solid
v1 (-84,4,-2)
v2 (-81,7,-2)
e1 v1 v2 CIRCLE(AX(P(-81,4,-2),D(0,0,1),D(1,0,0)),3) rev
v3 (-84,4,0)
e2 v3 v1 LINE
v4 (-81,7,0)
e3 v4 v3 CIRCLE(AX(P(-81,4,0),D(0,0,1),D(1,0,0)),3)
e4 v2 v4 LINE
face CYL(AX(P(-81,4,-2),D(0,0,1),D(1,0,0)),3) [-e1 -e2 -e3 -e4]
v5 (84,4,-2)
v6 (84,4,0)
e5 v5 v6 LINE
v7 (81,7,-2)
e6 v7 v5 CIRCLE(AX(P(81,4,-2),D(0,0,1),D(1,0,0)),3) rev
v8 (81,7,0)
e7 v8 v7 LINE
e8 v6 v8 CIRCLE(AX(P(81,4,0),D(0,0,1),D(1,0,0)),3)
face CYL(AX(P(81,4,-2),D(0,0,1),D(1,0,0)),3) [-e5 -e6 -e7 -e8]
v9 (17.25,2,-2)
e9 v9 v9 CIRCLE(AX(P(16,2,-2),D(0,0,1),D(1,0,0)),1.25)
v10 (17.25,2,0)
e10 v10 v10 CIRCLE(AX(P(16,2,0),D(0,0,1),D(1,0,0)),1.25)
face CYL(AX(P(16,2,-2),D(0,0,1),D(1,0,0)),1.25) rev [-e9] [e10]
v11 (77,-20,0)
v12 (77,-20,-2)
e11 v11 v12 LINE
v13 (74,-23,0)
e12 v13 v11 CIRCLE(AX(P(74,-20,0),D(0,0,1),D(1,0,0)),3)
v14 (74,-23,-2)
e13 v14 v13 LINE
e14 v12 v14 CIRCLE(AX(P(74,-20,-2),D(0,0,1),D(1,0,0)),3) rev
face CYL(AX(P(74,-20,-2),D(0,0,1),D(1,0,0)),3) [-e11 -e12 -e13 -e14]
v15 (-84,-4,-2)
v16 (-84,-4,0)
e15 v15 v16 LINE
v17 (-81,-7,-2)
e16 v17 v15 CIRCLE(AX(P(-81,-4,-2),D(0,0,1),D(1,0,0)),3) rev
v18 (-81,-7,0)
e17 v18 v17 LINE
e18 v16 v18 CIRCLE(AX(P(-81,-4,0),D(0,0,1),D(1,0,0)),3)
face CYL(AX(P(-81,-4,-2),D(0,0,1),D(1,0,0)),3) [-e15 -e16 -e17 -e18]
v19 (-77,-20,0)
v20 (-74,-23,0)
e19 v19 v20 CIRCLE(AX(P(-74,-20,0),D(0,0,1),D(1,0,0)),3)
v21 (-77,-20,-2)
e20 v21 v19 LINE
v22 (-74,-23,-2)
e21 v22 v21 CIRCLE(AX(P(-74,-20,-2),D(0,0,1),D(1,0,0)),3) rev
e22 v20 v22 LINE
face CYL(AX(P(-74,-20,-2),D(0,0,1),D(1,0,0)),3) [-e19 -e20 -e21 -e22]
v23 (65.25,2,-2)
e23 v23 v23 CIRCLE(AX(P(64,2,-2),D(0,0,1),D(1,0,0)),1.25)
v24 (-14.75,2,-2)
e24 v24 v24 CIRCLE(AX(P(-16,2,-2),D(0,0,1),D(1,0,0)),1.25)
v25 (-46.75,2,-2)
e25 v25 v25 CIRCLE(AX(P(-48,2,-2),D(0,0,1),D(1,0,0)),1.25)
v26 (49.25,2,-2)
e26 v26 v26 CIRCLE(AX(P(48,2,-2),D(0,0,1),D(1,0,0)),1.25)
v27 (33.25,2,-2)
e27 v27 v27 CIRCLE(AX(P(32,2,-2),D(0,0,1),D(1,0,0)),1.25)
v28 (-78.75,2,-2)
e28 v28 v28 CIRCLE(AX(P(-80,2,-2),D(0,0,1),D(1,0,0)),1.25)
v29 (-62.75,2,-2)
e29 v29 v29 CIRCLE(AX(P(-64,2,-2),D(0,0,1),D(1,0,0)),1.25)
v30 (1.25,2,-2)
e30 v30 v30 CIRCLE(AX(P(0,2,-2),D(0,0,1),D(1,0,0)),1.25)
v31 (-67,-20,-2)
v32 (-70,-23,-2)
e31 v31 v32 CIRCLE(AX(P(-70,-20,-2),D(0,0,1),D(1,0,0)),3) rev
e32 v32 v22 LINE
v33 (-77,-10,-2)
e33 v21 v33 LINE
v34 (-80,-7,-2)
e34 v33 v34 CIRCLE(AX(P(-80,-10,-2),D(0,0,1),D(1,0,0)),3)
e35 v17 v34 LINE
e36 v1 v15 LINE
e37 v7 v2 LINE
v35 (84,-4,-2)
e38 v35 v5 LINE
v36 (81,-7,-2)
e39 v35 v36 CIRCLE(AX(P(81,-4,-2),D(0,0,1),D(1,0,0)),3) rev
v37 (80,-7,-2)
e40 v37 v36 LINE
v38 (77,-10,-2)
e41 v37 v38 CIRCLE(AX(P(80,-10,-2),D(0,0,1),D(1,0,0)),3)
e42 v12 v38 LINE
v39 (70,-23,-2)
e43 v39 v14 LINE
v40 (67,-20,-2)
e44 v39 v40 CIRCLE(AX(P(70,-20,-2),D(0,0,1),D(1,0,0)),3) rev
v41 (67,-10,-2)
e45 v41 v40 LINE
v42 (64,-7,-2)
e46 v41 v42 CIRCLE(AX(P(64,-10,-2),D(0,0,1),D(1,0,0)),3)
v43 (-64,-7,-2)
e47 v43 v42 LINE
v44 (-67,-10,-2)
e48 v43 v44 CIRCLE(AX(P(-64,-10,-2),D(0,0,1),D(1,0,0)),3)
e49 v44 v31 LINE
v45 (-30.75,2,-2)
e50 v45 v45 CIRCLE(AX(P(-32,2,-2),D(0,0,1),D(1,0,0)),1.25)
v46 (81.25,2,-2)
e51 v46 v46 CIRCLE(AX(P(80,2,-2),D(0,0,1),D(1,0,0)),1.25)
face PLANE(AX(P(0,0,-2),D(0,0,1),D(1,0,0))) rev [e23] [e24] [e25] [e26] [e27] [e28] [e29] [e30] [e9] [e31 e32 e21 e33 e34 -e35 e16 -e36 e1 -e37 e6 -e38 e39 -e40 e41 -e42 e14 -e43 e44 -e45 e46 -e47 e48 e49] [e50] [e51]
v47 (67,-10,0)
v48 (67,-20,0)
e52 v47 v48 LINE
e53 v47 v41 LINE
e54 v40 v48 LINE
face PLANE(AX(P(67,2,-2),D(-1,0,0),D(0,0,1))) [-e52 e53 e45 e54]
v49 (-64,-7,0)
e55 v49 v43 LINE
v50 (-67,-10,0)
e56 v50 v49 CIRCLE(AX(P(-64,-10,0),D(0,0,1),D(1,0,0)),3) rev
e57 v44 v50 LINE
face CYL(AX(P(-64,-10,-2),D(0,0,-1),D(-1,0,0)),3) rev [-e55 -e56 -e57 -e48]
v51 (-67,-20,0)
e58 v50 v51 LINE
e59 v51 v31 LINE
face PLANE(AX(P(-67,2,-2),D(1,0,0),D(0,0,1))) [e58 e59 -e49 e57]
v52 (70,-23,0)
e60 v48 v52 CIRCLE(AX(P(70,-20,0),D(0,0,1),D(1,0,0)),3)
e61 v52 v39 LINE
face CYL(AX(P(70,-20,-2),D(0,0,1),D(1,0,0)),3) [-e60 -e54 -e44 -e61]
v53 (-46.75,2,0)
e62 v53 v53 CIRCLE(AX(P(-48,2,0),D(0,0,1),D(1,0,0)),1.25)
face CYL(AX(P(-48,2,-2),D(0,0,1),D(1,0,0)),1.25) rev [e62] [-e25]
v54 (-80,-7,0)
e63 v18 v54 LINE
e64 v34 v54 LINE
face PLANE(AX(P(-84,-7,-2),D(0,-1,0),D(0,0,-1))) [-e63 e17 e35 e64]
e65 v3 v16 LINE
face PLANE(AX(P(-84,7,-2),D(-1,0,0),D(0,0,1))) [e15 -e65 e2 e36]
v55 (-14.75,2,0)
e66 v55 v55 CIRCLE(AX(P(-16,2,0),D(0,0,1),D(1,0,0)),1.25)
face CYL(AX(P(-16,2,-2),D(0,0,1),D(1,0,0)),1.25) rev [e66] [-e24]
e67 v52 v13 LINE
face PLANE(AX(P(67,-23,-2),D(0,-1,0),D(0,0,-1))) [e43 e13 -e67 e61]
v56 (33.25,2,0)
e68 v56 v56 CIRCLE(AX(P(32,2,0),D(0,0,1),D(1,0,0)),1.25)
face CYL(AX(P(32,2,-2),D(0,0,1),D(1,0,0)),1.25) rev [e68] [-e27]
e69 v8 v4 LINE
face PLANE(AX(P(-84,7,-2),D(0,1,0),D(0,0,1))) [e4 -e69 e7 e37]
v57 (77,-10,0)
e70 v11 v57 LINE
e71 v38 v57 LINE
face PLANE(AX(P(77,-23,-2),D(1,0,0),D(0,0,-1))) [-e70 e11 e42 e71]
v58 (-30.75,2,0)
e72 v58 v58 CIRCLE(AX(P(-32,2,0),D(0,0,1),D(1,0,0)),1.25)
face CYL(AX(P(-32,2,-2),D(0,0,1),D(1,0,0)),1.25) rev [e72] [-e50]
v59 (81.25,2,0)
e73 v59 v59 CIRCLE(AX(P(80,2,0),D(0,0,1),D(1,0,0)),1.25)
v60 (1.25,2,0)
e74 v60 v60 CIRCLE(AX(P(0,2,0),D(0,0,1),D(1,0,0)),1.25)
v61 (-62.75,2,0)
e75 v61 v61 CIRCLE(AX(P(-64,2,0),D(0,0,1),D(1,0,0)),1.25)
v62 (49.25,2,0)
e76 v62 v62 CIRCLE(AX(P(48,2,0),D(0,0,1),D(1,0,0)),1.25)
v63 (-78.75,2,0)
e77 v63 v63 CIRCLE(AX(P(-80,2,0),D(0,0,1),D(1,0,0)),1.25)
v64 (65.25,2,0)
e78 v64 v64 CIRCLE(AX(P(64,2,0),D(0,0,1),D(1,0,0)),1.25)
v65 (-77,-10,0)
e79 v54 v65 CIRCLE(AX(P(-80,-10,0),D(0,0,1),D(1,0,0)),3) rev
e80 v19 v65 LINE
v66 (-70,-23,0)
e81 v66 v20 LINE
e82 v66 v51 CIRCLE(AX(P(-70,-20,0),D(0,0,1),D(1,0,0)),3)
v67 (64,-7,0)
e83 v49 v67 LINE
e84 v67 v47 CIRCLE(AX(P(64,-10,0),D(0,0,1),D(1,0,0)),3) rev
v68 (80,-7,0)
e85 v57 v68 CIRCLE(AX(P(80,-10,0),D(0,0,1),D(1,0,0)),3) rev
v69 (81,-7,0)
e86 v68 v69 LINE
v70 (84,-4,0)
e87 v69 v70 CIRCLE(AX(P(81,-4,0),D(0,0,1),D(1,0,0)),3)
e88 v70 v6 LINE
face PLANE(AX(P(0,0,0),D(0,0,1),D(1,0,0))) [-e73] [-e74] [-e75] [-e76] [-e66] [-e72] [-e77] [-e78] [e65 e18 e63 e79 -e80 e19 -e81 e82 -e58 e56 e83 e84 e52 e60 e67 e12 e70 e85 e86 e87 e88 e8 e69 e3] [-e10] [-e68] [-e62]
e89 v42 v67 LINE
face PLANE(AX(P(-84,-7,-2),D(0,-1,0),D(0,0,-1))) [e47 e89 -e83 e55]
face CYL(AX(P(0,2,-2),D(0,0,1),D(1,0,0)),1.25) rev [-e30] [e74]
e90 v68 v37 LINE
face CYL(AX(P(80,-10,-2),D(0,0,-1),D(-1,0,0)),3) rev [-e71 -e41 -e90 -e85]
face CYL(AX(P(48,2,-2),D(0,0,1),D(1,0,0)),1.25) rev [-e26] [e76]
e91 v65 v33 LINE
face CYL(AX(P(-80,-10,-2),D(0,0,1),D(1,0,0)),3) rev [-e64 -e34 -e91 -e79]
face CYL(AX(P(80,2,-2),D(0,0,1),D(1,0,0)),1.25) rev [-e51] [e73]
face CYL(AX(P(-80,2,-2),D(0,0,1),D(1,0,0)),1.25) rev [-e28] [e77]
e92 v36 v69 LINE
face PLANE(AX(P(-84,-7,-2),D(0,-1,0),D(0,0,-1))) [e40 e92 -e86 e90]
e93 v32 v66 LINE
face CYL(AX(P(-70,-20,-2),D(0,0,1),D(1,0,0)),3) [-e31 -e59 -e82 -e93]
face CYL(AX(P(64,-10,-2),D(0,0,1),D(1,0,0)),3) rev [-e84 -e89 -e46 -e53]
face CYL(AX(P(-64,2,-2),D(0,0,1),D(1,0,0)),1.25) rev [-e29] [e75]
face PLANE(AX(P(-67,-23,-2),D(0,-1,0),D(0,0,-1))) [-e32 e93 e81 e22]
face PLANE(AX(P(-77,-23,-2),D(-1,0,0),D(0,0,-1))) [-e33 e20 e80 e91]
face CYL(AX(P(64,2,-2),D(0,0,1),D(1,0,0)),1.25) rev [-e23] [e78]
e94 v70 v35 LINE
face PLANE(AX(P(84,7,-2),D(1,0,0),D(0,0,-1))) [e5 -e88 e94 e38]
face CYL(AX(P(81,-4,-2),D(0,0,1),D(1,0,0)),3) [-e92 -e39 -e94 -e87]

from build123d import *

# Parameters (mm, degrees)
BASE_SKETCH_W            = 168
BASE_SKETCH_H            = 14
BASE_EXTRUDE_DEPTH       = 2
PIN_HOLE_SKETCH_R        = 1.25
FIRST_PIN_HOLE_CUT_DEPTH = 85.314885993
PIN_HOLE_PATTERN_COUNT   = 11
PIN_HOLE_PATTERN_PITCH   = 16
EXTENSION_SKETCH_W       = 10
EXTENSION_SKETCH_H       = 25
TAB_EXTRUDE_DEPTH        = 2
CORNER_FILLETS_R         = 3


with BuildPart() as part:
    # Base Sketch → Base Extrude (new body)
    with BuildSketch(Plane.XY):
        Rectangle(BASE_SKETCH_W, BASE_SKETCH_H)
    extrude(amount=-BASE_EXTRUDE_DEPTH)

    # Pin Hole Sketch → First Pin Hole Cut (cut, through all)
    with BuildSketch(Plane.XY):
        with Locations((80, 2)):
            Circle(PIN_HOLE_SKETCH_R)
    first_pin_hole_cut = extrude(amount=-FIRST_PIN_HOLE_CUT_DEPTH, mode=Mode.SUBTRACT)

    # Pin Hole Pattern: First Pin Hole Cut ×11
    with Locations(*[(-i * PIN_HOLE_PATTERN_PITCH, 0, 0) for i in range(1, PIN_HOLE_PATTERN_COUNT)]):
        add(first_pin_hole_cut, mode=Mode.SUBTRACT)


with BuildPart() as body_2:
    # Extension Sketch → Tab Extrude (new, through all)
    with BuildSketch(Plane.XY):
        with Locations((72, -10.5)):
            Rectangle(EXTENSION_SKETCH_W, EXTENSION_SKETCH_H)
    tab_extrude = extrude(amount=-TAB_EXTRUDE_DEPTH)


with BuildPart() as part_1:
    add(part.part)

    # Tab Mirror: Tab Extrude across plane
    add(tab_extrude.mirror(Plane(origin=(0, 0, 0), x_dir=(0, 0, 1), z_dir=(1, 0, 0))))

    # Combine Bodies: union body 2
    add(body_2.part)

    # Corner Fillets
    corner_fillets_edges = [part_1.edges().sort_by_distance(p)[0] for p in [
        (-77, -7, -1),
        (-77, -23, -1),
        (-67, -23, -1),
        (-67, -7, -1),
        (77, -7, -1),
        (77, -23, -1),
        (67, -7, -1),
        (67, -23, -1),
        (-84, 7, -1),
        (84, 7, -1),
        (84, -7, -1),
        (-84, -7, -1),
    ]]
    fillet(corner_fillets_edges, radius=CORNER_FILLETS_R)


solid = part_1.part
